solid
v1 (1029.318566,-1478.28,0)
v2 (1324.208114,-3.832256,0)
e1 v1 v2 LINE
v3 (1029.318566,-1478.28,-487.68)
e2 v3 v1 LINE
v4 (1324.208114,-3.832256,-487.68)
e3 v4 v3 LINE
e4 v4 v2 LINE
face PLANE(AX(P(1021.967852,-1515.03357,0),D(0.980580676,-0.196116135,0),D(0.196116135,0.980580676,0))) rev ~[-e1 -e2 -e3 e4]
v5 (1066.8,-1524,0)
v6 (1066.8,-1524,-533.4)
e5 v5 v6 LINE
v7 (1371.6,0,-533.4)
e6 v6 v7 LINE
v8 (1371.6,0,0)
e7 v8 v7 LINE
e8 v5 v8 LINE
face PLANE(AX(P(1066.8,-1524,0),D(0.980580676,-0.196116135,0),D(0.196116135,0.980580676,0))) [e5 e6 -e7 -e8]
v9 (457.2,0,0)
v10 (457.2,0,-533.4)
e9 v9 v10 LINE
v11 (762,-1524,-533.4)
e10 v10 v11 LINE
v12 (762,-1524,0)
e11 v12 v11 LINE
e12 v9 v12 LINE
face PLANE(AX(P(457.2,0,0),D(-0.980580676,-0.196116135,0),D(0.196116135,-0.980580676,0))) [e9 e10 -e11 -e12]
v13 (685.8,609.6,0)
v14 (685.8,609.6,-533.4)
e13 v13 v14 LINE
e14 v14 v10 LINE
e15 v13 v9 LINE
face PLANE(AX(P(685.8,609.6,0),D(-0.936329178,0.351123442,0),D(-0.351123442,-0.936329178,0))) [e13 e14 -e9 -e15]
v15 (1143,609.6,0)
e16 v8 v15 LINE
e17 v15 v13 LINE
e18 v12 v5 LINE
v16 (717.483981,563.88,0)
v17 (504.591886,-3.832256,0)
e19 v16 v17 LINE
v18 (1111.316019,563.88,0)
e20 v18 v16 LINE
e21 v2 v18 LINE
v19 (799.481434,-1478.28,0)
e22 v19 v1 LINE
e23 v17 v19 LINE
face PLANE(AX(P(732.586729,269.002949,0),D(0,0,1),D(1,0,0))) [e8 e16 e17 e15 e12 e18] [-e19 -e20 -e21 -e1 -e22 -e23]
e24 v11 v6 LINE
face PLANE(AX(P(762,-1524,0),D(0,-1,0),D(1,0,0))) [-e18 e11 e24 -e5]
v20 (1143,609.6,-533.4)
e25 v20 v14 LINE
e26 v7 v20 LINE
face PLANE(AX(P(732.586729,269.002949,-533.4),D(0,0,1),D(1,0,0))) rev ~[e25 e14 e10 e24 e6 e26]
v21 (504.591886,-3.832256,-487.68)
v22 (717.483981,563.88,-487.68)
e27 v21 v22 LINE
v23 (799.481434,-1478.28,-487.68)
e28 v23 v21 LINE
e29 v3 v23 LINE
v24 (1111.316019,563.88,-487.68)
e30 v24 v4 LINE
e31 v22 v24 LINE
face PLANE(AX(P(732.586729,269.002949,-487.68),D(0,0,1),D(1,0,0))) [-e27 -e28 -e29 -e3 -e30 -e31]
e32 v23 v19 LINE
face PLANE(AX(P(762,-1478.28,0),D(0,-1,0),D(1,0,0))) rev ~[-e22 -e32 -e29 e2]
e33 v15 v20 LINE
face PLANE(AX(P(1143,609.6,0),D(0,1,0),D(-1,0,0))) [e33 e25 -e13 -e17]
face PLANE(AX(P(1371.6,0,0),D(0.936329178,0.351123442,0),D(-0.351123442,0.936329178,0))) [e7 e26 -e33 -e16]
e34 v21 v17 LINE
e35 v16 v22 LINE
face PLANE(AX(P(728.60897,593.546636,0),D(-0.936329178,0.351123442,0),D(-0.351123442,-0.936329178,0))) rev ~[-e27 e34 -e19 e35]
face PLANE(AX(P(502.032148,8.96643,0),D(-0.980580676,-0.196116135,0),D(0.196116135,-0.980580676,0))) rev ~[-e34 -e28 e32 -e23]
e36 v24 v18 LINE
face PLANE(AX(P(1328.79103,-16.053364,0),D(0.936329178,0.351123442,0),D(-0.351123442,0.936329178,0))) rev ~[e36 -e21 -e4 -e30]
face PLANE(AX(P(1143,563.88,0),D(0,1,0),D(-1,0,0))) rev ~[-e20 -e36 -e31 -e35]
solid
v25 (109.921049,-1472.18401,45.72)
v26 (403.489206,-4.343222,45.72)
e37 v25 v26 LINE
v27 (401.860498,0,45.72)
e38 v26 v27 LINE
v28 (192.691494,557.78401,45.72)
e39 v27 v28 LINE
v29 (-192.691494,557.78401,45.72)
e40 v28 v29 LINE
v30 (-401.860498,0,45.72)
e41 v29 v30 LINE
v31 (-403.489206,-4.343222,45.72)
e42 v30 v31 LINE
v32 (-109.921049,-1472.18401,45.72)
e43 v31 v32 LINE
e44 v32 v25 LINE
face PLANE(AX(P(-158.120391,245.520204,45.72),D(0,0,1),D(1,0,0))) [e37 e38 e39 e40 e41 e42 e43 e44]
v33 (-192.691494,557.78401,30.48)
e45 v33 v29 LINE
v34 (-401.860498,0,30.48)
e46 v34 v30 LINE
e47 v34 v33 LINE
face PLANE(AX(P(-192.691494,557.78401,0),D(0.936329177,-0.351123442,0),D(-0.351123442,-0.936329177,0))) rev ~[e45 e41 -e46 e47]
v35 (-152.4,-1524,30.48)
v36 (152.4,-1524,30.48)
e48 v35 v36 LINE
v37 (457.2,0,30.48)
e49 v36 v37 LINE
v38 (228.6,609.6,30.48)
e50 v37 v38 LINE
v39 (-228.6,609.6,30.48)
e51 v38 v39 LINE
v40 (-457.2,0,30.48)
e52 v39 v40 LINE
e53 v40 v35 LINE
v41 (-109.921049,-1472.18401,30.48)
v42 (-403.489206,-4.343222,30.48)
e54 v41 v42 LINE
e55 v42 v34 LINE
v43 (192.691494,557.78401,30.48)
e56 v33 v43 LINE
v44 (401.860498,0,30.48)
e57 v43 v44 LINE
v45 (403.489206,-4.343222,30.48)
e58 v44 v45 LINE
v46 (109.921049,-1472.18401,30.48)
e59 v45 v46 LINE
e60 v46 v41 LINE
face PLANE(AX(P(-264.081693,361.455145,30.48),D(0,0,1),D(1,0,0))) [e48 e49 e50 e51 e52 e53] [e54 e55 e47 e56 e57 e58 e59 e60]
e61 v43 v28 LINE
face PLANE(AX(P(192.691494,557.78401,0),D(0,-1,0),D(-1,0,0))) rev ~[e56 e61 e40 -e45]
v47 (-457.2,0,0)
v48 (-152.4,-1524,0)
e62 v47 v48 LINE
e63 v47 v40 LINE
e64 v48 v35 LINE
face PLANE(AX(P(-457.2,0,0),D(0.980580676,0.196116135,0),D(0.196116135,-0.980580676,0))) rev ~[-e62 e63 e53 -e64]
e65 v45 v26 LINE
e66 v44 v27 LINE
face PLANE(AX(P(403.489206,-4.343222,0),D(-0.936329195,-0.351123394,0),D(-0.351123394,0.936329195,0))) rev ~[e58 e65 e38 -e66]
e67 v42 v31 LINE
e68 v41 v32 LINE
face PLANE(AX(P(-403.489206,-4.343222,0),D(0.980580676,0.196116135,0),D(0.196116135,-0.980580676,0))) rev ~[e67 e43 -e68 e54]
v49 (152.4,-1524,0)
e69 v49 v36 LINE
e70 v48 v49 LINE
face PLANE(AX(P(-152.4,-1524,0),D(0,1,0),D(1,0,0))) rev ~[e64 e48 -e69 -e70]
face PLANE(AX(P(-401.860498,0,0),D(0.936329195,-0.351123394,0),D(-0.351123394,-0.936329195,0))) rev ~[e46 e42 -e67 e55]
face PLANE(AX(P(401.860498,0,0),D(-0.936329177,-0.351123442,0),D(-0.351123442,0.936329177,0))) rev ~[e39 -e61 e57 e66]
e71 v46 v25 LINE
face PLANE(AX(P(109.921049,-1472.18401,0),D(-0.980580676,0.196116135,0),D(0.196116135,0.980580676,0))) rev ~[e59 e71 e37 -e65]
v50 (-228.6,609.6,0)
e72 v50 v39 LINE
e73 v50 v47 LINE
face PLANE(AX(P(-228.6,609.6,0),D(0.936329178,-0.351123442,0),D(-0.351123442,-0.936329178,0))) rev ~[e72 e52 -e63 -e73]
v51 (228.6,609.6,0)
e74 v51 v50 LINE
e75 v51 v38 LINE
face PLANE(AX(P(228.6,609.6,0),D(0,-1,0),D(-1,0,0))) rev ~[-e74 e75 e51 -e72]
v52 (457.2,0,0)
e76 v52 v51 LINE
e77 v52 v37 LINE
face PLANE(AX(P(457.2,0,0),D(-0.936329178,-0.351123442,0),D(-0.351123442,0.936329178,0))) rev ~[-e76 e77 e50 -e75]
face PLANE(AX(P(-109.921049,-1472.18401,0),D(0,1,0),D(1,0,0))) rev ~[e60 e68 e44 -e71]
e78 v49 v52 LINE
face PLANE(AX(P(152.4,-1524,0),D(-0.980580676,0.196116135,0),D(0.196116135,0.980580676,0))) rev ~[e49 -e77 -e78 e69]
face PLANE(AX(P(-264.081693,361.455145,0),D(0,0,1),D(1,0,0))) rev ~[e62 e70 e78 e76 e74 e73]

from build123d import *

# Parameters (mm, degrees)
F1_DEPTH = 45.72
F2_DEPTH = 533.4
F3_T     = -45.72
F4_DEPTH = 30.48


with BuildPart() as f1:
    # F0 (on Top) → F1 (new body)
    with BuildSketch(Plane.XY):
        Polygon((-401.860498, 0), (0, 0), (0, 557.78401), (-192.691494, 557.78401), align=None)
        Polygon((0, 557.78401), (0, 0), (401.860498, 0), (192.691494, 557.78401), align=None)
        Polygon((401.860498, 0), (0, 0), (0, -1472.18401), (109.921049, -1472.18401), (403.489206, -4.343222), align=None)
        Polygon((0, -1472.18401), (0, 0), (-401.860498, 0), (-403.489206, -4.343222), (-109.921049, -1472.18401), align=None)
    extrude(amount=F1_DEPTH)



with BuildPart() as f2:
    # F0 (on Top) → F2 (new body)
    with BuildSketch(Plane.XY):
        Polygon((685.8, 609.6), (457.2, 0), (914.4, 0), (914.4, 609.6), align=None)
        Polygon((914.4, 609.6), (914.4, 0), (1371.6, 0), (1143, 609.6), align=None)
        Polygon((1371.6, 0), (914.4, 0), (914.4, -1524), (1066.8, -1524), align=None)
        Polygon((914.4, 0), (457.2, 0), (762, -1524), (914.4, -1524), align=None)
    extrude(amount=-F2_DEPTH)

    # F3
    f3_openings = [f2.faces().sort_by_distance(p)[0] for p in [
        (914.4, -353.848276, 0),
    ]]
    offset(amount=F3_T, openings=f3_openings)


with BuildPart() as f1_1:
    add(f1.part)

    add(f2.part)  # F4 merges F2
    # F0 (on Top) → F4 (join)
    with BuildSketch(Plane.XY):
        Polygon((-192.691494, 557.78401), (0, 557.78401), (0, 609.6), (-228.6, 609.6), (-457.2, 0), (-401.860498, 0), align=None)
        Polygon((0, -1524), (0, -1472.18401), (-109.921049, -1472.18401), (-403.489206, -4.343222), (-401.860498, 0), (-457.2, 0), (-152.4, -1524), align=None)
        Polygon((109.921049, -1472.18401), (0, -1472.18401), (0, -1524), (152.4, -1524), (457.2, 0), (401.860498, 0), (403.489206, -4.343222), align=None)
        Polygon((0, 609.6), (0, 557.78401), (192.691494, 557.78401), (401.860498, 0), (457.2, 0), (228.6, 609.6), align=None)
    extrude(amount=F4_DEPTH)


solid = f1_1.part
